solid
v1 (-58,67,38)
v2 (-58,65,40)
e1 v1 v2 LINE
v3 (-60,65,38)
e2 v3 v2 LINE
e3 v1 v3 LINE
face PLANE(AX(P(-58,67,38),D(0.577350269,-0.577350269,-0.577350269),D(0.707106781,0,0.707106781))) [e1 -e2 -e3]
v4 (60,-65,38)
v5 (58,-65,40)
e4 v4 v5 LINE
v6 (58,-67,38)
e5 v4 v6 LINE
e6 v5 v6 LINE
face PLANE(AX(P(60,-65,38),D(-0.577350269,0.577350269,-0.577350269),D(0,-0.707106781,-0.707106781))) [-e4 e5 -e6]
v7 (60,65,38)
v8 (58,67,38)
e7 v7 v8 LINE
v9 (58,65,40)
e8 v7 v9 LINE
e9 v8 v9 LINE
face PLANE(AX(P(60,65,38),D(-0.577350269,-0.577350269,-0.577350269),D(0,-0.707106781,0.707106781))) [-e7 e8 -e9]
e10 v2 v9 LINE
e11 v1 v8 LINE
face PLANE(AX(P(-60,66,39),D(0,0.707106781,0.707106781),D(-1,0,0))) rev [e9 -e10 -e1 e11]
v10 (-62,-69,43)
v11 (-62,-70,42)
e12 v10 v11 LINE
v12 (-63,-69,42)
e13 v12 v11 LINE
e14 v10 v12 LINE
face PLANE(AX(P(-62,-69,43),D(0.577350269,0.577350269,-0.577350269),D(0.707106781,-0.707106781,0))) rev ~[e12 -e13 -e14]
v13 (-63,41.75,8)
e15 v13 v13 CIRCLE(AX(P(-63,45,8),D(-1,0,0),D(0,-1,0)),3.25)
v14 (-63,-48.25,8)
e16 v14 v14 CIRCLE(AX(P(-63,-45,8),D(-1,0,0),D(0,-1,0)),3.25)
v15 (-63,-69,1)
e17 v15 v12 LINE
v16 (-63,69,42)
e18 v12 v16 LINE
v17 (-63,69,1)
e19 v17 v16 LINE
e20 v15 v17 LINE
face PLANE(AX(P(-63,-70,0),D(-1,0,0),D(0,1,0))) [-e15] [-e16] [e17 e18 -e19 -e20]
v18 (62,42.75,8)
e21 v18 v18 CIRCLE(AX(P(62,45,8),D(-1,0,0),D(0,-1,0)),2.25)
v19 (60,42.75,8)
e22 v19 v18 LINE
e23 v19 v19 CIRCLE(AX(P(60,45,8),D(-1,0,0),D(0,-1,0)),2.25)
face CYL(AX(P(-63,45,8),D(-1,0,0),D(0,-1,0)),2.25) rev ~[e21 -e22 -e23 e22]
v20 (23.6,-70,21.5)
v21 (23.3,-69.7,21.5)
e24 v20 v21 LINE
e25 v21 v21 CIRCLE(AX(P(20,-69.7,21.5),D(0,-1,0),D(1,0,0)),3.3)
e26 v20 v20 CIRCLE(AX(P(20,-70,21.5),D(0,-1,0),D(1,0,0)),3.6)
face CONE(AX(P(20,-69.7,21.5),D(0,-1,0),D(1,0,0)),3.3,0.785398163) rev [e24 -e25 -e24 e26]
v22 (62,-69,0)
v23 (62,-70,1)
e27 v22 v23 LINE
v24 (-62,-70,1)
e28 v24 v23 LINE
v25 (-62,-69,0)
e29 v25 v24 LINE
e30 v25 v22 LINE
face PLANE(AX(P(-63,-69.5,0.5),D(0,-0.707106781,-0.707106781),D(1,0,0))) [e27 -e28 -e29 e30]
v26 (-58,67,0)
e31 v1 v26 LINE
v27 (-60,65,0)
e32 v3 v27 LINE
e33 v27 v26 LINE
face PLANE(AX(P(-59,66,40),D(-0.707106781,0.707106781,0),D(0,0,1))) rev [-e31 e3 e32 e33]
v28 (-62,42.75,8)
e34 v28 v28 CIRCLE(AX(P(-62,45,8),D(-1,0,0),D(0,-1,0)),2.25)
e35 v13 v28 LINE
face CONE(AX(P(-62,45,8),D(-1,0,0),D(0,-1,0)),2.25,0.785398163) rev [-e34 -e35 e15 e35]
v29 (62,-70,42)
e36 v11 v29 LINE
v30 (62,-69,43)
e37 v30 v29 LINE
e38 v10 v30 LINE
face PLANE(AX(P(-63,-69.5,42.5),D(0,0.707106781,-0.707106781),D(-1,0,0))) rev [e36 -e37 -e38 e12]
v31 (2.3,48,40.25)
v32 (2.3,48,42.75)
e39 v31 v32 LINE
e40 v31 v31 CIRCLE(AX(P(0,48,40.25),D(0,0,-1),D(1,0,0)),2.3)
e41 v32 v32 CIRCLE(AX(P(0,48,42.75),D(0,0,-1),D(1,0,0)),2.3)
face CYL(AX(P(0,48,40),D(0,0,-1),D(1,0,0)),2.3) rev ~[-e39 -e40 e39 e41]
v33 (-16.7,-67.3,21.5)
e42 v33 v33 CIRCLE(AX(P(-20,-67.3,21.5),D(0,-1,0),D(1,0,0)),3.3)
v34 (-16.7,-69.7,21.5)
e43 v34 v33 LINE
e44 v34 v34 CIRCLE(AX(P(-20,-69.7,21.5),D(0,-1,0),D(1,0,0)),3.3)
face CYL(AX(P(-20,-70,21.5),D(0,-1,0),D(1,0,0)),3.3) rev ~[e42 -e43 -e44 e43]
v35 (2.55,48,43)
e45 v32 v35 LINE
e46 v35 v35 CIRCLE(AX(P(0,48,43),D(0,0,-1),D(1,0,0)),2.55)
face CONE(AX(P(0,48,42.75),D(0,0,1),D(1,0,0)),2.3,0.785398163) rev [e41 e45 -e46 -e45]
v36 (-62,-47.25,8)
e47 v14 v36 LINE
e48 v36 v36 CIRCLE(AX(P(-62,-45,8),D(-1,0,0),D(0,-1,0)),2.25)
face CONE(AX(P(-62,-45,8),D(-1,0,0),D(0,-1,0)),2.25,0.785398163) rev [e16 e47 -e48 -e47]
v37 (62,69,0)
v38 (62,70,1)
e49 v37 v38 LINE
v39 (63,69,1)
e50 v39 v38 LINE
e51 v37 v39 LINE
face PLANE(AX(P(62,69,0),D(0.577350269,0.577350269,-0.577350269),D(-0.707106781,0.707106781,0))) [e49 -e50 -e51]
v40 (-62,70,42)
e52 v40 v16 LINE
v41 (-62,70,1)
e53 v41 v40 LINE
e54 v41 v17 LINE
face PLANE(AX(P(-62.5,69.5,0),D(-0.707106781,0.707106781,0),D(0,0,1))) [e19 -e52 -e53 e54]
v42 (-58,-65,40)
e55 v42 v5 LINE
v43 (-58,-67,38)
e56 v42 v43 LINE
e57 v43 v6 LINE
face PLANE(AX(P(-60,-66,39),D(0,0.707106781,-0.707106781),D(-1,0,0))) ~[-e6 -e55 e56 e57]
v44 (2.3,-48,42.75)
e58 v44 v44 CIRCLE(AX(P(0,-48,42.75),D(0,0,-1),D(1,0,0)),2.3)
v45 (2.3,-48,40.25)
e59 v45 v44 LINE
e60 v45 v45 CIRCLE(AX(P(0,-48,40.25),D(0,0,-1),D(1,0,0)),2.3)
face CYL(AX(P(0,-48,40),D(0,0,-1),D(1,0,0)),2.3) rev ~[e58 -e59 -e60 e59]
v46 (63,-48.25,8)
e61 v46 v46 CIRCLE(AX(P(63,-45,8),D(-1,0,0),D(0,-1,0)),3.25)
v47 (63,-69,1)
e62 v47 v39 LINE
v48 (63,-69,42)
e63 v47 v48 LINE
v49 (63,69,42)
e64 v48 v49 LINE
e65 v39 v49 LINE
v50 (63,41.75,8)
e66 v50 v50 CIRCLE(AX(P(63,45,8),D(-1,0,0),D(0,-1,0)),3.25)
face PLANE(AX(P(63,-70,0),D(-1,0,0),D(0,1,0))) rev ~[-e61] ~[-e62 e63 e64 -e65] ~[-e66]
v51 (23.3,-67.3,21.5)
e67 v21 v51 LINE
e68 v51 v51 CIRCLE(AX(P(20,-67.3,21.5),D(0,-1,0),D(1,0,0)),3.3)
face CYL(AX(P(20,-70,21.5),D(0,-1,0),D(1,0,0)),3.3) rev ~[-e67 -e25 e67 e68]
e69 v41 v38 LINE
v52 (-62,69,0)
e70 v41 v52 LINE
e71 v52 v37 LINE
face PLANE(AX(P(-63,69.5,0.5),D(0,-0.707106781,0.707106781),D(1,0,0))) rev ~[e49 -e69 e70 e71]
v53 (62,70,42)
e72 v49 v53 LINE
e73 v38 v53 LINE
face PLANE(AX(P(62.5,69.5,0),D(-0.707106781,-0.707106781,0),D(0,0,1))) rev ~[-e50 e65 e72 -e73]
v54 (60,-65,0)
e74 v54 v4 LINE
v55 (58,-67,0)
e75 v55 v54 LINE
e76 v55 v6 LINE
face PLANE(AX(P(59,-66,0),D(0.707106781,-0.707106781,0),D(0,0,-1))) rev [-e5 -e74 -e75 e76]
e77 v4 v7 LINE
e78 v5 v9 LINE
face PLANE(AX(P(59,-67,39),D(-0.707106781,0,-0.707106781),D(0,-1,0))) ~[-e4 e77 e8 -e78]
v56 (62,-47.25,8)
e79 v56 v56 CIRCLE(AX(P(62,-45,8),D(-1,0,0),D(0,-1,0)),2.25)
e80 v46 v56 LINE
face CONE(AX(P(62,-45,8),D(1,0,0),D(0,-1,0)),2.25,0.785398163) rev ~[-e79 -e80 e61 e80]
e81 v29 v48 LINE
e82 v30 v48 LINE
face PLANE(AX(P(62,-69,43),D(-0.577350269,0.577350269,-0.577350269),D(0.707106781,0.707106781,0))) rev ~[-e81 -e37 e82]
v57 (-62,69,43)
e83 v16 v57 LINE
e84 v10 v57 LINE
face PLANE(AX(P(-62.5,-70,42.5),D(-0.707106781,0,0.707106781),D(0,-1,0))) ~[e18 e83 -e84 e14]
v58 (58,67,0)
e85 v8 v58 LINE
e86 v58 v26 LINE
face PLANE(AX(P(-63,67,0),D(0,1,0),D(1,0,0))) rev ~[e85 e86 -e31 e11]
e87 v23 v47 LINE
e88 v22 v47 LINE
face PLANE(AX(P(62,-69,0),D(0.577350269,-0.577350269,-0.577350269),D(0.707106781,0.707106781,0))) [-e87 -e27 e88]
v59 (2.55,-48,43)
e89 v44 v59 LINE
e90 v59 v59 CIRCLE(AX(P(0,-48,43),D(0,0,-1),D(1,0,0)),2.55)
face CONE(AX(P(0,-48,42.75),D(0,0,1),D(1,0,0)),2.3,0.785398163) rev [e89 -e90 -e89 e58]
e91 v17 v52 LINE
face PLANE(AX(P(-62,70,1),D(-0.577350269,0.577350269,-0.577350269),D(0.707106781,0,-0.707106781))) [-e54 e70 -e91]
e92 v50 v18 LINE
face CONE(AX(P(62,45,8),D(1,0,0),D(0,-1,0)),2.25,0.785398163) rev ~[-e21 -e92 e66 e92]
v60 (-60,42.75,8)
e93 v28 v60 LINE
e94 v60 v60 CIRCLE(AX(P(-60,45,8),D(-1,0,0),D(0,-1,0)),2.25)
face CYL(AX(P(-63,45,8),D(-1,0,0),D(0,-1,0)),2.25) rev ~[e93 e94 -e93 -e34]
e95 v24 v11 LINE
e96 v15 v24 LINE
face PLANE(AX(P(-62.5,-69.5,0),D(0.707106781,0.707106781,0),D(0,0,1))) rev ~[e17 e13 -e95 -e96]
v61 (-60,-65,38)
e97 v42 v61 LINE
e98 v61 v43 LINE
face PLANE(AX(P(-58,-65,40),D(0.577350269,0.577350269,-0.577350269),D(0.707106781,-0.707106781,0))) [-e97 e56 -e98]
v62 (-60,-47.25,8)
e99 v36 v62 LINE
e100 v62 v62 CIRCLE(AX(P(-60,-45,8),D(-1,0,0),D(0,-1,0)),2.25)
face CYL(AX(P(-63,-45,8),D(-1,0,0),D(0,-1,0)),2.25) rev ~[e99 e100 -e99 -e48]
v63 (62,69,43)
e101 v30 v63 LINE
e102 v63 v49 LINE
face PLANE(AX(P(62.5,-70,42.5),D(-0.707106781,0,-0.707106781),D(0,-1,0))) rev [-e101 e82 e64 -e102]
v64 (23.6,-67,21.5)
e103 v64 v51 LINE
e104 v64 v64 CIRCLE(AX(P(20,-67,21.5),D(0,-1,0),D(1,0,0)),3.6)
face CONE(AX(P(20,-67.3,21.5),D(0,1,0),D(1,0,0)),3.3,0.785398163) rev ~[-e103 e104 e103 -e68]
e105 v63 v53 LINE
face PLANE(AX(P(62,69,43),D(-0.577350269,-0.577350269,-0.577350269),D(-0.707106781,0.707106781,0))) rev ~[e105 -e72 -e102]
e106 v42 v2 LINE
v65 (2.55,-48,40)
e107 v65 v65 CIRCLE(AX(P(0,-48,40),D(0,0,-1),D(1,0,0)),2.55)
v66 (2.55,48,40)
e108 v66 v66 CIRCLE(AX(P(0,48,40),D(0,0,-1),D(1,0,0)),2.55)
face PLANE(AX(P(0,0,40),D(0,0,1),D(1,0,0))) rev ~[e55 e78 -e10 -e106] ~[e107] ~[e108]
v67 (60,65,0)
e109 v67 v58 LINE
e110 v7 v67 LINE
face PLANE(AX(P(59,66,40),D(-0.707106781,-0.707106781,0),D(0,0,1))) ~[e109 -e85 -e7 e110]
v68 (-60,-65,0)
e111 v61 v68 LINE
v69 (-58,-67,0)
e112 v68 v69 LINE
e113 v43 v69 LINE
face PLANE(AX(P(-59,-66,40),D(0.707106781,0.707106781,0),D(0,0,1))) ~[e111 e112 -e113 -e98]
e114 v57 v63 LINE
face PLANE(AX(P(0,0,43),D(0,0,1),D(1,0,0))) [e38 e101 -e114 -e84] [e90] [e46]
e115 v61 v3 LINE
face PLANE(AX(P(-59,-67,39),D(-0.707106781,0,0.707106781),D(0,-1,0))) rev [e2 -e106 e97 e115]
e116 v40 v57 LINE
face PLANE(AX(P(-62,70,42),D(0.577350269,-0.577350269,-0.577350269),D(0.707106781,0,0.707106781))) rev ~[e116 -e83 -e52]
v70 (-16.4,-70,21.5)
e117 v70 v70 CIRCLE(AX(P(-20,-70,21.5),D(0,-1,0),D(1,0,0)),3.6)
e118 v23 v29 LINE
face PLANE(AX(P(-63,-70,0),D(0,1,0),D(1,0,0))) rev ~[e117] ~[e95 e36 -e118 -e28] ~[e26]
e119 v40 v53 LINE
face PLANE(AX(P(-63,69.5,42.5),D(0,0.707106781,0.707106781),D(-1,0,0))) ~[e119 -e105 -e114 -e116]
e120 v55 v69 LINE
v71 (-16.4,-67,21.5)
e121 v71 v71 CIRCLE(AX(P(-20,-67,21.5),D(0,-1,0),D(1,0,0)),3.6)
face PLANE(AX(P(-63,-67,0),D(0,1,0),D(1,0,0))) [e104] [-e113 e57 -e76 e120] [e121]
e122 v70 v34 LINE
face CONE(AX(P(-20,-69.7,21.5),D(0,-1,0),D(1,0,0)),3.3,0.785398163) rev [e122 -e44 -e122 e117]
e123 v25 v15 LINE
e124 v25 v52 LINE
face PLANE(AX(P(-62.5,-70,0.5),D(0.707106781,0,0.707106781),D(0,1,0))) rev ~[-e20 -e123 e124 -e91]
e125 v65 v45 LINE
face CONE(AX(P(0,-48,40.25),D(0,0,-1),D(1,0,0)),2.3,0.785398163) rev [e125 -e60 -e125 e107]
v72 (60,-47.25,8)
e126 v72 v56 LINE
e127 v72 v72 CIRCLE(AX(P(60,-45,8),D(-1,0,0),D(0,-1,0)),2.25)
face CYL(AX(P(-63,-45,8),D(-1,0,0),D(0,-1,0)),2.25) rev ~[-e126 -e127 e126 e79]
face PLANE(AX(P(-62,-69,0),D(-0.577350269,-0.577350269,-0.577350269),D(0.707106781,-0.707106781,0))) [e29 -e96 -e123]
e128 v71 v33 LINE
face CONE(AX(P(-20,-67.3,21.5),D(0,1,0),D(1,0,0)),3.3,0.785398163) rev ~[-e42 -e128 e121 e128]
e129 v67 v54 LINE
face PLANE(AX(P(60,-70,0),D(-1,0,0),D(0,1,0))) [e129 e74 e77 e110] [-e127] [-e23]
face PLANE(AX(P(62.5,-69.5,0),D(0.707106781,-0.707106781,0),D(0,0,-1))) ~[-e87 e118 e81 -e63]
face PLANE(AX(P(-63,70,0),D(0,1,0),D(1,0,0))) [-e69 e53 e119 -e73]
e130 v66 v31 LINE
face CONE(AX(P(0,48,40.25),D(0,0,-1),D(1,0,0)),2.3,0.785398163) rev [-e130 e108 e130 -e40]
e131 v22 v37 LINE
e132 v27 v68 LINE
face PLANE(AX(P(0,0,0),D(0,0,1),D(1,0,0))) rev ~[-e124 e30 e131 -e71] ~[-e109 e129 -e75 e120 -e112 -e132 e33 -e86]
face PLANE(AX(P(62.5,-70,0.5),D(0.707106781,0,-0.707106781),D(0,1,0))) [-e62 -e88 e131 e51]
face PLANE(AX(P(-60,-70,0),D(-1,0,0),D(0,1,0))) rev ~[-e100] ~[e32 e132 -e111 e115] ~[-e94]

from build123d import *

# Parameters (mm, degrees)
SKETCH036_W     = 126
SKETCH036_H     = 140
PAD017_DEPTH    = 43
THICKNESS_T     = -3
CHAMFER017_SIZE = 2
SKETCH037_R     = 2.25
POCKET018_DEPTH = 126.001
CHAMFER018_SIZE = 1
SKETCH038_R     = 3.3
POCKET019_DEPTH = 5
CHAMFER019_SIZE = 0.3
SKETCH039_R     = 2.3
POCKET020_DEPTH = 3.001
CHAMFER020_SIZE = 0.25


with BuildPart() as part:
    # Sketch036 → Pad017 (new body)
    with BuildSketch(Plane.XY):
        Rectangle(SKETCH036_W, SKETCH036_H)
    extrude(amount=PAD017_DEPTH)

    # Thickness
    thickness_openings = [part.faces().sort_by_distance(p)[0] for p in [
        (0, 0, 0),
    ]]
    offset(amount=THICKNESS_T, openings=thickness_openings, kind=Kind.INTERSECTION)

    # Chamfer017
    chamfer017_edges = [part.edges().sort_by_distance(p)[0] for p in [
        (-60, -67, 20),
        (-60, 0, 40),
        (0, -67, 40),
        (-60, 67, 20),
        (0, 67, 40),
        (60, 67, 20),
        (60, 0, 40),
        (60, -67, 20),
    ]]
    chamfer(chamfer017_edges, length=CHAMFER017_SIZE)

    # Sketch037 (on Face13 of Chamfer017) → Pocket018 (cut, through all)
    with BuildSketch(Plane(origin=(-63, 0, 0), x_dir=(0, -1, 0), z_dir=(-1, 0, 0))):
        with Locations((-45, 8)):
            Circle(SKETCH037_R)
        with Locations((45, 8)):
            Circle(SKETCH037_R)
    extrude(amount=-POCKET018_DEPTH, mode=Mode.SUBTRACT)

    # Chamfer018
    chamfer018_edges = [part.edges().sort_by_distance(p)[0] for p in [
        (-63, -70, 21.5),
        (-63, 0, 0),
        (-63, 0, 43),
        (-63, 70, 21.5),
        (-63, -42.75, 8),
        (-63, 47.25, 8),
        (63, -70, 21.5),
        (0, -70, 0),
        (0, -70, 43),
        (63, 70, 21.5),
        (63, 0, 0),
        (63, 0, 43),
        (63, -42.75, 8),
        (63, 47.25, 8),
        (0, 70, 0),
        (0, 70, 43),
    ]]
    chamfer(chamfer018_edges, length=CHAMFER018_SIZE)

    # Sketch038 (on Face18 of Chamfer018) → Pocket019 (cut)
    with BuildSketch(Plane.XZ.offset(70)):
        with Locations((-20, 21.5)):
            Circle(SKETCH038_R)
        with Locations((20, 21.5)):
            Circle(SKETCH038_R)
    extrude(amount=-POCKET019_DEPTH, mode=Mode.SUBTRACT)

    # Chamfer019
    chamfer019_edges = [part.edges().sort_by_distance(p)[0] for p in [
        (-23.3, -70, 21.5),
        (-16.7, -68.5, 21.5),
        (-23.3, -67, 21.5),
        (16.7, -70, 21.5),
        (23.3, -68.5, 21.5),
        (16.7, -67, 21.5),
    ]]
    chamfer(chamfer019_edges, length=CHAMFER019_SIZE)

    # Sketch039 (on Face20 of Chamfer019) → Pocket020 (cut, through all)
    with BuildSketch(Plane(origin=(0, 0, 40), x_dir=(1, 0, 0), z_dir=(0, 0, -1))):
        with Locations((0, 48)):
            Circle(SKETCH039_R)
        with Locations((0, -48)):
            Circle(SKETCH039_R)
    extrude(amount=-POCKET020_DEPTH, mode=Mode.SUBTRACT)

    # Chamfer020
    chamfer020_edges = [part.edges().sort_by_distance(p)[0] for p in [
        (-2.3, -48, 40),
        (2.3, -48, 41.5),
        (-2.3, -48, 43),
        (-2.3, 48, 40),
        (2.3, 48, 41.5),
        (-2.3, 48, 43),
    ]]
    chamfer(chamfer020_edges, length=CHAMFER020_SIZE)


solid = part.part
